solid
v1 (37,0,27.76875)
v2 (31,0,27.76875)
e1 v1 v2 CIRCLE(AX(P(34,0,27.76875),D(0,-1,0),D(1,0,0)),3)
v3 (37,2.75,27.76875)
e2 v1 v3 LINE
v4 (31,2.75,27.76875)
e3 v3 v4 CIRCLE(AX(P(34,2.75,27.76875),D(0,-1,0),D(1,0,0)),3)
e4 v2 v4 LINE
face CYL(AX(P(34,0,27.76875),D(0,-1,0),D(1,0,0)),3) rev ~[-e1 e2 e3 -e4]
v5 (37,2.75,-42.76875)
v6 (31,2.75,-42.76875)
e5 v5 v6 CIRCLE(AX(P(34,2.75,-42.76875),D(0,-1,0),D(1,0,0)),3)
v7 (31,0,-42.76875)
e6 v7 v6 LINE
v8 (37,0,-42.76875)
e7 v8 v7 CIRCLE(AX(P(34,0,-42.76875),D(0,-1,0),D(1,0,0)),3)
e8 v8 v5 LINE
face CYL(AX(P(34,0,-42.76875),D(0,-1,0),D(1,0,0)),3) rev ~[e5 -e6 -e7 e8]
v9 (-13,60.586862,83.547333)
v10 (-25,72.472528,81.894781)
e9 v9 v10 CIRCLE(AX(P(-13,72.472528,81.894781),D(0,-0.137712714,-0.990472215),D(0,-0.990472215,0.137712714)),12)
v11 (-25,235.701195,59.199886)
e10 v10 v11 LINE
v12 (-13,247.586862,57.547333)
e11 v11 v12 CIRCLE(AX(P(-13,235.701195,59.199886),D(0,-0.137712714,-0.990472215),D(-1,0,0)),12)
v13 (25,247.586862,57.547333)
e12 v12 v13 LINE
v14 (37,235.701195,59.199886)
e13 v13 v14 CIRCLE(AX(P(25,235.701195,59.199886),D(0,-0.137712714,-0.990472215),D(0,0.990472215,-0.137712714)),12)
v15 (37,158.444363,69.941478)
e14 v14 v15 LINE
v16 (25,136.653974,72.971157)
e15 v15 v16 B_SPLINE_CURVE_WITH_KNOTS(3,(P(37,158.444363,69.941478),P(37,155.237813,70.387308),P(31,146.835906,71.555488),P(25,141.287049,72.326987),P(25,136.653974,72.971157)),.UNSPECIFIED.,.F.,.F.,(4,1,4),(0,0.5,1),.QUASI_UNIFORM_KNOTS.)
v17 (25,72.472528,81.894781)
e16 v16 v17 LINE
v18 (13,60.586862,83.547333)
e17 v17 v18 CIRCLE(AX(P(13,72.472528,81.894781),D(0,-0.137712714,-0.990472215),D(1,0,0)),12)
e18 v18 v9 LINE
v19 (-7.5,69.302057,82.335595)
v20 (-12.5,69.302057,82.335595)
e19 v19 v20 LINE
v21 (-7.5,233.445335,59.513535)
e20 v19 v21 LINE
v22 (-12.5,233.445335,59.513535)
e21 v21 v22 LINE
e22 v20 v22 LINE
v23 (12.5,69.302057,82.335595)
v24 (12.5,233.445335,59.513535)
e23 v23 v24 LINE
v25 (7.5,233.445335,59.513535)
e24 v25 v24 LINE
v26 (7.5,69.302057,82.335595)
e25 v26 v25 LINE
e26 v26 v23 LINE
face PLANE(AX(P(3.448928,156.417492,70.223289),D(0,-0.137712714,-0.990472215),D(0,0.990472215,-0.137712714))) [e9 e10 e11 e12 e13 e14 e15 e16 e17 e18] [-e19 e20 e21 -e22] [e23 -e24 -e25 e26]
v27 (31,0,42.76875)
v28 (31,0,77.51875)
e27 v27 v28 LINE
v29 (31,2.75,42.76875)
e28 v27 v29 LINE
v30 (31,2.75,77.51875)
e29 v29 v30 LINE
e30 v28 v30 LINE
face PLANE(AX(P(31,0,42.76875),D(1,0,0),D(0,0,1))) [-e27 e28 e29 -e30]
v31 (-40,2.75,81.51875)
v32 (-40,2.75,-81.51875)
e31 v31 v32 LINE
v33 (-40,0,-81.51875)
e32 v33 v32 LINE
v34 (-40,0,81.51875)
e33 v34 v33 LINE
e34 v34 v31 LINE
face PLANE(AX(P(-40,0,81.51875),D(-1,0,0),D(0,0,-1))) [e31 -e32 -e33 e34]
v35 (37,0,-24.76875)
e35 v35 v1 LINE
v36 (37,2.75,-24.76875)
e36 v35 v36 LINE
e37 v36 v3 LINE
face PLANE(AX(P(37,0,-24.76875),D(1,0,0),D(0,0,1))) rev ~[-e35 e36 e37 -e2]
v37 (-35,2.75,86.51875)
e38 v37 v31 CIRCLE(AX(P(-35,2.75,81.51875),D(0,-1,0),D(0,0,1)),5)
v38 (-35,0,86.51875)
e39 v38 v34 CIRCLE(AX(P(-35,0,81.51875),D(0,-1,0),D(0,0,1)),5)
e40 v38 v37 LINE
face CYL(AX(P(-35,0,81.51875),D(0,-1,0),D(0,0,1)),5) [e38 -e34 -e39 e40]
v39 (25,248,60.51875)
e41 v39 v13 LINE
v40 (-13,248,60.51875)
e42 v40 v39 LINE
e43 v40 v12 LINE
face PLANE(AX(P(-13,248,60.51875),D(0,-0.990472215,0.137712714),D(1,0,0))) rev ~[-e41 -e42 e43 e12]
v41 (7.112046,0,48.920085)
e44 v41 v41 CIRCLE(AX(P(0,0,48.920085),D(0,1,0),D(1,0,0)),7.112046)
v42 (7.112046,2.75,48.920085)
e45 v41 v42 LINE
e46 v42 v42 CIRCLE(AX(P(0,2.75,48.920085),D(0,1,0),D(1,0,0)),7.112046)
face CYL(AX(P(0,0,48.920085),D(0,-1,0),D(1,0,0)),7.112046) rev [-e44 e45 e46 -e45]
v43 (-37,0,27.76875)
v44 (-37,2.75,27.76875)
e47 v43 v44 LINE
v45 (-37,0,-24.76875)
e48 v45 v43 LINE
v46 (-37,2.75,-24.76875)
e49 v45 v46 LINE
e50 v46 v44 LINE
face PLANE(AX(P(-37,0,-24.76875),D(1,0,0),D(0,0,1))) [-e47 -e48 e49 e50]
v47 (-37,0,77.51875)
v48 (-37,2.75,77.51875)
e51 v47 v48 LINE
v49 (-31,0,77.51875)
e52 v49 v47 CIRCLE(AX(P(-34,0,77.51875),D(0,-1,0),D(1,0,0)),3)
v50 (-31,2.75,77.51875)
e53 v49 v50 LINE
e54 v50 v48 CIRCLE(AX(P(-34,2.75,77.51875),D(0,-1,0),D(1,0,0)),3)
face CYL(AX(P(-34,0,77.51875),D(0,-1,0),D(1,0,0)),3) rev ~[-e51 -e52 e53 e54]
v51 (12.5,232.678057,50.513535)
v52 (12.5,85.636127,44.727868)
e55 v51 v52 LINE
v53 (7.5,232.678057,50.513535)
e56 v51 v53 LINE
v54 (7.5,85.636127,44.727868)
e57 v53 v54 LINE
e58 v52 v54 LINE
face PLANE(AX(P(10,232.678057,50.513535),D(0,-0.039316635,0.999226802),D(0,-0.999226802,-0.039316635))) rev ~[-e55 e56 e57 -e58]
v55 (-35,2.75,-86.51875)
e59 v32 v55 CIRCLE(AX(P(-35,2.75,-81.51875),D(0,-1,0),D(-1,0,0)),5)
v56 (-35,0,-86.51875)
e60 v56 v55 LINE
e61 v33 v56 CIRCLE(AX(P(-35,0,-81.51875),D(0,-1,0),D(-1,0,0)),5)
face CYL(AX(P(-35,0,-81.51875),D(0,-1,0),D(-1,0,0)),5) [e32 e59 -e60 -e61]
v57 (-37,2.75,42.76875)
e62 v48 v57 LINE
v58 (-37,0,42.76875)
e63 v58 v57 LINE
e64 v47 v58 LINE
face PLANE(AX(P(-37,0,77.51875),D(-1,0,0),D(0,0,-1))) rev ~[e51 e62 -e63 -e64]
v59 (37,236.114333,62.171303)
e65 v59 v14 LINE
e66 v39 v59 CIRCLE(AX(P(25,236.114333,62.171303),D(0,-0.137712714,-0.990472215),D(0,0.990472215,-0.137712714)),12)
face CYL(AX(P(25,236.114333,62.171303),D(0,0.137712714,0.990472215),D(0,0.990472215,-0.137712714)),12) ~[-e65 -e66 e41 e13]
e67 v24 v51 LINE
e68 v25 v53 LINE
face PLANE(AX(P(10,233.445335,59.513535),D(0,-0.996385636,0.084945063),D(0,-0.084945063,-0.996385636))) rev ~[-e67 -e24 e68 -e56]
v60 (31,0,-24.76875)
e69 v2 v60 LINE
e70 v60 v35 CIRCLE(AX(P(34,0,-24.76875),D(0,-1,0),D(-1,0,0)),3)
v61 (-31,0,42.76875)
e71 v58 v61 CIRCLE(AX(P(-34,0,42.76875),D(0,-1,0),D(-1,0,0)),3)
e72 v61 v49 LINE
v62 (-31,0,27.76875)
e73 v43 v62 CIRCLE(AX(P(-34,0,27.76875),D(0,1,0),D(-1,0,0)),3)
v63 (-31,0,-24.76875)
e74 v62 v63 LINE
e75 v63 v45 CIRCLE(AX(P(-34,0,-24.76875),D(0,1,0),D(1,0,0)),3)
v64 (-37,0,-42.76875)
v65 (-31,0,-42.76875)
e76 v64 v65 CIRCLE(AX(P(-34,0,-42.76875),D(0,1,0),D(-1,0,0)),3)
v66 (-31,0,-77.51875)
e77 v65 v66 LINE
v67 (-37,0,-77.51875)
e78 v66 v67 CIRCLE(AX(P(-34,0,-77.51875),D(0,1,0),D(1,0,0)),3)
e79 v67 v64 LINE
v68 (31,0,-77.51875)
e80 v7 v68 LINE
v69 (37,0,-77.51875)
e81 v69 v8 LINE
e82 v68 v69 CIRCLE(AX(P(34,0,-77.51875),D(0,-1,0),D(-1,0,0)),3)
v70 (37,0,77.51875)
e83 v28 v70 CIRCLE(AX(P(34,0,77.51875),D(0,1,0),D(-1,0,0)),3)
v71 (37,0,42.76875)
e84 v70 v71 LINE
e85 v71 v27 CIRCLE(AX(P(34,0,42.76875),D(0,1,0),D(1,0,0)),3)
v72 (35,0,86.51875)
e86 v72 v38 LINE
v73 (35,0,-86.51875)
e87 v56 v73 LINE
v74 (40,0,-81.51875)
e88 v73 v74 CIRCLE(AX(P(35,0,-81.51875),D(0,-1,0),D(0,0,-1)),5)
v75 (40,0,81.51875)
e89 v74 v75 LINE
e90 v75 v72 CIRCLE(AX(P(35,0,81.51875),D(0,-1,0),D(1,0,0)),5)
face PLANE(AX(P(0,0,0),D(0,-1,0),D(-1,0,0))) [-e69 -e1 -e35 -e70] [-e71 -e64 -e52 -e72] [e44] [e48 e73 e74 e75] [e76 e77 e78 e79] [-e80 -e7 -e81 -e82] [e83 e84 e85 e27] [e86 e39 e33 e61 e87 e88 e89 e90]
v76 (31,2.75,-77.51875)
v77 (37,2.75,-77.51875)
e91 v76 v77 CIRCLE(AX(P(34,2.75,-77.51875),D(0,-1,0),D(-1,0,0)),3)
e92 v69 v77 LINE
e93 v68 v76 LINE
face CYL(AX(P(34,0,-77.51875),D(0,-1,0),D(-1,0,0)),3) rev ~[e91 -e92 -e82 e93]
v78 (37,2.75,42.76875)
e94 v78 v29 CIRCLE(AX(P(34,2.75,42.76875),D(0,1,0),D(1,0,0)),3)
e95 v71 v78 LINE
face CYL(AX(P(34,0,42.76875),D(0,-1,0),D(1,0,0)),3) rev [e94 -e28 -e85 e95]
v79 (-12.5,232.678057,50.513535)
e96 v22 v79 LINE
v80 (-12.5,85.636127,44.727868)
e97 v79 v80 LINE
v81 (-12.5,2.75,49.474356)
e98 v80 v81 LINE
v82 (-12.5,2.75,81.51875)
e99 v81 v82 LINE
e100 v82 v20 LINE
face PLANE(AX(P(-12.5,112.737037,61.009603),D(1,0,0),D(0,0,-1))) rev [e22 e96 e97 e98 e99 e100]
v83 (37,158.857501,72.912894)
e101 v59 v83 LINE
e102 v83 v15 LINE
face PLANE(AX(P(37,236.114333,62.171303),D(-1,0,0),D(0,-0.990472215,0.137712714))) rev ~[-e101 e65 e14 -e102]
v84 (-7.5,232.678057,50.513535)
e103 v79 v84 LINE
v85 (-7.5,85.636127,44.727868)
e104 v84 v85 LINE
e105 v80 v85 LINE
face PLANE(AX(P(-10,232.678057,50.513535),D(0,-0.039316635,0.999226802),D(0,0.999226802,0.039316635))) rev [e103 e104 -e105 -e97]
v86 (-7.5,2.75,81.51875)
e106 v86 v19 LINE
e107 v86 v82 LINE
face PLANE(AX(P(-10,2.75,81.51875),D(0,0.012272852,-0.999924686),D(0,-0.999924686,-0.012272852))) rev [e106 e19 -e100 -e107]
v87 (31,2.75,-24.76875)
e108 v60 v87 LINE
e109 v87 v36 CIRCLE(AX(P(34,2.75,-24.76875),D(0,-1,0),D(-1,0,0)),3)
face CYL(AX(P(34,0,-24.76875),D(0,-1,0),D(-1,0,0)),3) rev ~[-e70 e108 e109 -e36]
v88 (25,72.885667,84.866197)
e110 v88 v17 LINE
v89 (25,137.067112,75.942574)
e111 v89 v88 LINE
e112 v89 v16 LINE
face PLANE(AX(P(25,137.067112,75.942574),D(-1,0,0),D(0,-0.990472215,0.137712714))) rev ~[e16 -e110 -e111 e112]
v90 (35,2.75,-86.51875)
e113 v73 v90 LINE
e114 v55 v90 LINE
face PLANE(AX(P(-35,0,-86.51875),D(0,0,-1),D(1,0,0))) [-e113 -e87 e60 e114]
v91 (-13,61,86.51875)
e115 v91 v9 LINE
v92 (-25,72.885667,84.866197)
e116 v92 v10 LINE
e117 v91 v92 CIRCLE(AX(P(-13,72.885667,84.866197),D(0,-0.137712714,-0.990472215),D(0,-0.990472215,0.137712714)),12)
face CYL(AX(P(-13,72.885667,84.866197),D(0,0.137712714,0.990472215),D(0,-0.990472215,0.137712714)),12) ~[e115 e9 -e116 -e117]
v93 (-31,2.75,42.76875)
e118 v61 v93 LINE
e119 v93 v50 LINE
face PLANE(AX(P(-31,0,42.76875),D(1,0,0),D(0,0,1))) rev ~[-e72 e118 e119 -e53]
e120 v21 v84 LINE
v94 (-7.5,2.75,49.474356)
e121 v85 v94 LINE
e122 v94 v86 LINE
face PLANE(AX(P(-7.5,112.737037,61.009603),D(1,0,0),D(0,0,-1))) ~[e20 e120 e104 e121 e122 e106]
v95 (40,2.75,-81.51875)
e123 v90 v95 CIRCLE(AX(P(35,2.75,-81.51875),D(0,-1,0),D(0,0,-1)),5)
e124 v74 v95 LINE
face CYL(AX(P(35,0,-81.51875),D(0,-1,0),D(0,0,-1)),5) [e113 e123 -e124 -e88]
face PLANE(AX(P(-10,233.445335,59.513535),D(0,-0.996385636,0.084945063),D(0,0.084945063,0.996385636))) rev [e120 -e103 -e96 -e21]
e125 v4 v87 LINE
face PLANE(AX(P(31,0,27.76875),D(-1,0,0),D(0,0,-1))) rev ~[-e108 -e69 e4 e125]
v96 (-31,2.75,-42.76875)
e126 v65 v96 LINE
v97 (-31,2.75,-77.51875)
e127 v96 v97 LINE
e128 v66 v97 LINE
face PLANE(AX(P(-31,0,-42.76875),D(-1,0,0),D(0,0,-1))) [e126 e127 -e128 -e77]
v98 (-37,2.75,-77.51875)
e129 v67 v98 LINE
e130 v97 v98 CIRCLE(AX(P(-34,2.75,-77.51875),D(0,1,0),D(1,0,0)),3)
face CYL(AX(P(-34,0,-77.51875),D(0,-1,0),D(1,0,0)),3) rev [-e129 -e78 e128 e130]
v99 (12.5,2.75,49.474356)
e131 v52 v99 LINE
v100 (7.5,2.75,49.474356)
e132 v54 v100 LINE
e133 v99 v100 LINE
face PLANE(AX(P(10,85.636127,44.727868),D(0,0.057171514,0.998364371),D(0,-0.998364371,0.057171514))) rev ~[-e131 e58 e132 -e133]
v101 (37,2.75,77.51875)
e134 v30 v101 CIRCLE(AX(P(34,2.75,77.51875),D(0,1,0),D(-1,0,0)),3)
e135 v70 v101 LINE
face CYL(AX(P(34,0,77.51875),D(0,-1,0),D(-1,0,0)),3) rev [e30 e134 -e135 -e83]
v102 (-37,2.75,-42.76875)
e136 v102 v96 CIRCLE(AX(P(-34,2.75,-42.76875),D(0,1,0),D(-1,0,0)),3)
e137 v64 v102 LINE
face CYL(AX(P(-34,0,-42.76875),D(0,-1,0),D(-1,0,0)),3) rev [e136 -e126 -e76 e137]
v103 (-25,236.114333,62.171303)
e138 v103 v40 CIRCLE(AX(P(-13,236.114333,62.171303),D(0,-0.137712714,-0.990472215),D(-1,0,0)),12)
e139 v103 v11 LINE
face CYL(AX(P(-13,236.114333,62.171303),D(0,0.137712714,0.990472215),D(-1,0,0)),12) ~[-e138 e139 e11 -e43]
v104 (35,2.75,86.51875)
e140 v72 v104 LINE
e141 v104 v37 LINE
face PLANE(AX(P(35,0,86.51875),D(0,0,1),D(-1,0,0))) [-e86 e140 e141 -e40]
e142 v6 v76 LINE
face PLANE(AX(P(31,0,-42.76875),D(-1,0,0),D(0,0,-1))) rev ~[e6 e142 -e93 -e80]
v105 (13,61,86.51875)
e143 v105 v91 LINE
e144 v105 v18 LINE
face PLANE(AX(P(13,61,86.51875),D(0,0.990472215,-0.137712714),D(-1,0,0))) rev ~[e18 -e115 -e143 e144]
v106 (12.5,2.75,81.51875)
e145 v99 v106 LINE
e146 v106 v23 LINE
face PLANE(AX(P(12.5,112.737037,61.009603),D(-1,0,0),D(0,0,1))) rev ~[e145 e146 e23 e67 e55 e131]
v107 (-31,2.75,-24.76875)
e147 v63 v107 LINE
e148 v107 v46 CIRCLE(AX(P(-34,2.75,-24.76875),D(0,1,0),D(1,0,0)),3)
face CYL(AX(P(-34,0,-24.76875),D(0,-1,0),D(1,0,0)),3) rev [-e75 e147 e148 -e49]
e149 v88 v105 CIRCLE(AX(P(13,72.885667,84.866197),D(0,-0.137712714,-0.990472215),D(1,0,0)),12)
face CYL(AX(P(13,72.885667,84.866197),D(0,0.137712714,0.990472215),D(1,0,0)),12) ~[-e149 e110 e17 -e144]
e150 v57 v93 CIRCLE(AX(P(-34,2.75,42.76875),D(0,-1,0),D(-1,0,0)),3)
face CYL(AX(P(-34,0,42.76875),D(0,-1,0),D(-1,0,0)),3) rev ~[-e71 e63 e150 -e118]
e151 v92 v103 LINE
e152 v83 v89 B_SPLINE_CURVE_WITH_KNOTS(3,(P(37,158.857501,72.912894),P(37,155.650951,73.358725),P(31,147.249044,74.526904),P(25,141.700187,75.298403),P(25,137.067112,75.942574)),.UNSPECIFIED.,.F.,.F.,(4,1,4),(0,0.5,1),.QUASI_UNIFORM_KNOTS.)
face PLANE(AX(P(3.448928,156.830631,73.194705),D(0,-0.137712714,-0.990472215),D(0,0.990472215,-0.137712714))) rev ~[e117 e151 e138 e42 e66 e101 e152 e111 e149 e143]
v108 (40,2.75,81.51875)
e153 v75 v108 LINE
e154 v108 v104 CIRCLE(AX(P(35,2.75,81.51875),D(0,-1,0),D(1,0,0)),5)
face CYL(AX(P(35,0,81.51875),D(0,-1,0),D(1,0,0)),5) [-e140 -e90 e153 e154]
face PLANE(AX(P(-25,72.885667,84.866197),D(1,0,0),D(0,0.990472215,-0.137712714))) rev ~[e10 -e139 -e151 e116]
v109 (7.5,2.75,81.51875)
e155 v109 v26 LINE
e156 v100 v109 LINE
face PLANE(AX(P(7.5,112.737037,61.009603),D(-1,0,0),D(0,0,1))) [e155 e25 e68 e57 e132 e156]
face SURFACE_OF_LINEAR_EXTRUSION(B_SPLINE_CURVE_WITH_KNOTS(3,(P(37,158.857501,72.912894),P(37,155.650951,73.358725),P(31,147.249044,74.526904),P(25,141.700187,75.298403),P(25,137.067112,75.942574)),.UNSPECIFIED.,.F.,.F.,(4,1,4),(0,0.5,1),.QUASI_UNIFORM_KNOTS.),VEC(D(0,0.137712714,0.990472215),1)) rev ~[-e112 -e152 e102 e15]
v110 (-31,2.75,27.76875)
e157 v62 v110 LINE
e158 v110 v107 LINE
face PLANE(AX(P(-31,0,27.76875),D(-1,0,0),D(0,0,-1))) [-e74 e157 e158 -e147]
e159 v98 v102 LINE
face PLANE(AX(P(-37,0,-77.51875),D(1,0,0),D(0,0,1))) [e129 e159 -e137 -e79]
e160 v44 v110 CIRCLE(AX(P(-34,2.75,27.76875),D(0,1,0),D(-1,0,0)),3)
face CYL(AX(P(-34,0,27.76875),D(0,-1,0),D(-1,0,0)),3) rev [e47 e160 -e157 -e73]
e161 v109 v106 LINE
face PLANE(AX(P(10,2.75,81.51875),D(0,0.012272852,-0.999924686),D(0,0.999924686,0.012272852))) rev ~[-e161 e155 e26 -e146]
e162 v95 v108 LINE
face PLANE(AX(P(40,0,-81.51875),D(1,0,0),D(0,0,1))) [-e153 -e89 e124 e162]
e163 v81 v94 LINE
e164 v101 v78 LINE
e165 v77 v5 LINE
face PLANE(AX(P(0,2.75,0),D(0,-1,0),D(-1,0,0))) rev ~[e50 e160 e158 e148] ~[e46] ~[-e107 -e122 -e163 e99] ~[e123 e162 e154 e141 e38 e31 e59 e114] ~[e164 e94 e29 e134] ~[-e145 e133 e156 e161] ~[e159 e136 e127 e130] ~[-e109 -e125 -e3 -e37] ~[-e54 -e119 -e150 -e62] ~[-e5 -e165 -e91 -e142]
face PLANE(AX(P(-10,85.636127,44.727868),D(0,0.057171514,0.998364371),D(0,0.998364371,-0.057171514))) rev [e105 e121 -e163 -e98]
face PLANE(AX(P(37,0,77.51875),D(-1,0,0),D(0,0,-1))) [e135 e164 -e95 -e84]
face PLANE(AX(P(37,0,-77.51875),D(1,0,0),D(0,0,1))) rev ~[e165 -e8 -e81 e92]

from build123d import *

# Parameters (mm, degrees)
SKETCH1_R           = 7.112045721
BOSS_EXTRUDE1_DEPTH = 2.75
BOSS_EXTRUDE2_DEPTH = 3
BOSS_EXTRUDE3_DEPTH = 2.5


with BuildPart() as part:
    # Sketch1 → Boss-Extrude1 (new body)
    with BuildSketch(Plane(origin=(0, 0, 0), x_dir=(1, 0, 0), z_dir=(0, 1, 0))):
        with BuildLine():
            Line((-35, 86.51875), (35, 86.51875))
            ThreePointArc((35, 86.51875), (38.535533906, 85.054283906), (40, 81.51875))
            Line((40, 81.51875), (40, -81.51875))
            ThreePointArc((40, -81.51875), (38.535533906, -85.054283906), (35, -86.51875))
            Line((35, -86.51875), (-35, -86.51875))
            ThreePointArc((-35, -86.51875), (-38.535533906, -85.054283906), (-40, -81.51875))
            Line((-40, -81.51875), (-40, 81.51875))
            ThreePointArc((-40, 81.51875), (-38.535533906, 85.054283906), (-35, 86.51875))
        make_face()
        with Locations((0, -48.920084539)):
            Circle(SKETCH1_R, mode=Mode.SUBTRACT)
        with BuildLine():
            Line((37, 77.51875), (37, 42.76875))
            ThreePointArc((37, 42.76875), (34, 39.76875), (31, 42.76875))
            Line((31, 42.76875), (31, 77.51875))
            ThreePointArc((31, 77.51875), (34, 80.51875), (37, 77.51875))
        make_face(mode=Mode.SUBTRACT)
        with BuildLine():
            Line((-37, 77.51875), (-37, 42.76875))
            ThreePointArc((-37, 42.76875), (-34, 39.76875), (-31, 42.76875))
            Line((-31, 42.76875), (-31, 77.51875))
            ThreePointArc((-31, 77.51875), (-34, 80.51875), (-37, 77.51875))
        make_face(mode=Mode.SUBTRACT)
        with BuildLine():
            Line((37, -77.51875), (37, -42.76875))
            ThreePointArc((37, -42.76875), (34, -39.76875), (31, -42.76875))
            Line((31, -42.76875), (31, -77.51875))
            ThreePointArc((31, -77.51875), (34, -80.51875), (37, -77.51875))
        make_face(mode=Mode.SUBTRACT)
        with BuildLine():
            Line((-37, -77.51875), (-37, -42.76875))
            ThreePointArc((-37, -42.76875), (-34, -39.76875), (-31, -42.76875))
            Line((-31, -42.76875), (-31, -77.51875))
            ThreePointArc((-31, -77.51875), (-34, -80.51875), (-37, -77.51875))
        make_face(mode=Mode.SUBTRACT)
        with BuildLine():
            Line((37, 24.76875), (37, -27.76875))
            ThreePointArc((37, -27.76875), (34, -30.76875), (31, -27.76875))
            Line((31, -27.76875), (31, 24.76875))
            ThreePointArc((31, 24.76875), (34, 27.76875), (37, 24.76875))
        make_face(mode=Mode.SUBTRACT)
        with BuildLine():
            Line((-37, 24.76875), (-37, -27.76875))
            ThreePointArc((-37, -27.76875), (-34, -30.76875), (-31, -27.76875))
            Line((-31, -27.76875), (-31, 24.76875))
            ThreePointArc((-31, 24.76875), (-34, 27.76875), (-37, 24.76875))
        make_face(mode=Mode.SUBTRACT)
    extrude(amount=BOSS_EXTRUDE1_DEPTH)



with BuildPart() as body_2:
    # Sketch3 → Boss-Extrude2 (new body)
    with BuildSketch(Plane(origin=(0, 12.958063193, 93.198377578), x_dir=(0, -0.990472215, 0.137712714), z_dir=(0, 0.137712714, 0.990472215))):
        with BuildLine():
            Line((-125.30290794, 25), (-60.504073198, 25))
            ThreePointArc((-60.504073198, 25), (-52.018791824, 21.485281374), (-48.504073198, 13))
            Line((-48.504073198, 13), (-48.504073198, -13))
            ThreePointArc((-48.504073198, -13), (-52.018791824, -21.485281374), (-60.504073198, -25))
            Line((-60.504073198, -25), (-225.30290794, -25))
            ThreePointArc((-225.30290794, -25), (-233.788189314, -21.485281374), (-237.30290794, -13))
            Line((-237.30290794, -13), (-237.30290794, 25))
            ThreePointArc((-237.30290794, 25), (-233.788189314, 33.485281374), (-225.30290794, 37))
            Line((-225.30290794, 37), (-147.30290794, 37))
            add(Edge.make_bspline(
                [(-147.30290794, 37), (-144.065512893, 37), (-135.5827842, 31), (-129.980550468, 25), (-125.30290794, 25)],
                knots=[0, 0, 0, 0, 0.5, 1, 1, 1, 1], degree=3))
        make_face()
    extrude(amount=-BOSS_EXTRUDE2_DEPTH)


with BuildPart() as part_1:
    add(part.part)

    add(body_2.part)  # Boss-Extrude3 merges body 2
    # Sketch4 → Boss-Extrude3 (add, symmetric)
    with BuildSketch(Plane(origin=(10, 0, 0), x_dir=(0, 0, -1), z_dir=(1, 0, 0))):
        Polygon((-59.513534896, 233.445335393), (-50.513534896, 232.678056605), (-44.72786756, 85.636126776), (-49.474356372, 2.75), (-81.51875, 2.75), (-82.335595034, 69.302056709), align=None)
    boss_extrude3 = extrude(amount=BOSS_EXTRUDE3_DEPTH, both=True)

    # Mirror1: Boss-Extrude3 across plane
    add(boss_extrude3.mirror(Plane(origin=(0, 0, 0), x_dir=(0, 0, 1), z_dir=(1, 0, 0))))


solid = part_1.part
